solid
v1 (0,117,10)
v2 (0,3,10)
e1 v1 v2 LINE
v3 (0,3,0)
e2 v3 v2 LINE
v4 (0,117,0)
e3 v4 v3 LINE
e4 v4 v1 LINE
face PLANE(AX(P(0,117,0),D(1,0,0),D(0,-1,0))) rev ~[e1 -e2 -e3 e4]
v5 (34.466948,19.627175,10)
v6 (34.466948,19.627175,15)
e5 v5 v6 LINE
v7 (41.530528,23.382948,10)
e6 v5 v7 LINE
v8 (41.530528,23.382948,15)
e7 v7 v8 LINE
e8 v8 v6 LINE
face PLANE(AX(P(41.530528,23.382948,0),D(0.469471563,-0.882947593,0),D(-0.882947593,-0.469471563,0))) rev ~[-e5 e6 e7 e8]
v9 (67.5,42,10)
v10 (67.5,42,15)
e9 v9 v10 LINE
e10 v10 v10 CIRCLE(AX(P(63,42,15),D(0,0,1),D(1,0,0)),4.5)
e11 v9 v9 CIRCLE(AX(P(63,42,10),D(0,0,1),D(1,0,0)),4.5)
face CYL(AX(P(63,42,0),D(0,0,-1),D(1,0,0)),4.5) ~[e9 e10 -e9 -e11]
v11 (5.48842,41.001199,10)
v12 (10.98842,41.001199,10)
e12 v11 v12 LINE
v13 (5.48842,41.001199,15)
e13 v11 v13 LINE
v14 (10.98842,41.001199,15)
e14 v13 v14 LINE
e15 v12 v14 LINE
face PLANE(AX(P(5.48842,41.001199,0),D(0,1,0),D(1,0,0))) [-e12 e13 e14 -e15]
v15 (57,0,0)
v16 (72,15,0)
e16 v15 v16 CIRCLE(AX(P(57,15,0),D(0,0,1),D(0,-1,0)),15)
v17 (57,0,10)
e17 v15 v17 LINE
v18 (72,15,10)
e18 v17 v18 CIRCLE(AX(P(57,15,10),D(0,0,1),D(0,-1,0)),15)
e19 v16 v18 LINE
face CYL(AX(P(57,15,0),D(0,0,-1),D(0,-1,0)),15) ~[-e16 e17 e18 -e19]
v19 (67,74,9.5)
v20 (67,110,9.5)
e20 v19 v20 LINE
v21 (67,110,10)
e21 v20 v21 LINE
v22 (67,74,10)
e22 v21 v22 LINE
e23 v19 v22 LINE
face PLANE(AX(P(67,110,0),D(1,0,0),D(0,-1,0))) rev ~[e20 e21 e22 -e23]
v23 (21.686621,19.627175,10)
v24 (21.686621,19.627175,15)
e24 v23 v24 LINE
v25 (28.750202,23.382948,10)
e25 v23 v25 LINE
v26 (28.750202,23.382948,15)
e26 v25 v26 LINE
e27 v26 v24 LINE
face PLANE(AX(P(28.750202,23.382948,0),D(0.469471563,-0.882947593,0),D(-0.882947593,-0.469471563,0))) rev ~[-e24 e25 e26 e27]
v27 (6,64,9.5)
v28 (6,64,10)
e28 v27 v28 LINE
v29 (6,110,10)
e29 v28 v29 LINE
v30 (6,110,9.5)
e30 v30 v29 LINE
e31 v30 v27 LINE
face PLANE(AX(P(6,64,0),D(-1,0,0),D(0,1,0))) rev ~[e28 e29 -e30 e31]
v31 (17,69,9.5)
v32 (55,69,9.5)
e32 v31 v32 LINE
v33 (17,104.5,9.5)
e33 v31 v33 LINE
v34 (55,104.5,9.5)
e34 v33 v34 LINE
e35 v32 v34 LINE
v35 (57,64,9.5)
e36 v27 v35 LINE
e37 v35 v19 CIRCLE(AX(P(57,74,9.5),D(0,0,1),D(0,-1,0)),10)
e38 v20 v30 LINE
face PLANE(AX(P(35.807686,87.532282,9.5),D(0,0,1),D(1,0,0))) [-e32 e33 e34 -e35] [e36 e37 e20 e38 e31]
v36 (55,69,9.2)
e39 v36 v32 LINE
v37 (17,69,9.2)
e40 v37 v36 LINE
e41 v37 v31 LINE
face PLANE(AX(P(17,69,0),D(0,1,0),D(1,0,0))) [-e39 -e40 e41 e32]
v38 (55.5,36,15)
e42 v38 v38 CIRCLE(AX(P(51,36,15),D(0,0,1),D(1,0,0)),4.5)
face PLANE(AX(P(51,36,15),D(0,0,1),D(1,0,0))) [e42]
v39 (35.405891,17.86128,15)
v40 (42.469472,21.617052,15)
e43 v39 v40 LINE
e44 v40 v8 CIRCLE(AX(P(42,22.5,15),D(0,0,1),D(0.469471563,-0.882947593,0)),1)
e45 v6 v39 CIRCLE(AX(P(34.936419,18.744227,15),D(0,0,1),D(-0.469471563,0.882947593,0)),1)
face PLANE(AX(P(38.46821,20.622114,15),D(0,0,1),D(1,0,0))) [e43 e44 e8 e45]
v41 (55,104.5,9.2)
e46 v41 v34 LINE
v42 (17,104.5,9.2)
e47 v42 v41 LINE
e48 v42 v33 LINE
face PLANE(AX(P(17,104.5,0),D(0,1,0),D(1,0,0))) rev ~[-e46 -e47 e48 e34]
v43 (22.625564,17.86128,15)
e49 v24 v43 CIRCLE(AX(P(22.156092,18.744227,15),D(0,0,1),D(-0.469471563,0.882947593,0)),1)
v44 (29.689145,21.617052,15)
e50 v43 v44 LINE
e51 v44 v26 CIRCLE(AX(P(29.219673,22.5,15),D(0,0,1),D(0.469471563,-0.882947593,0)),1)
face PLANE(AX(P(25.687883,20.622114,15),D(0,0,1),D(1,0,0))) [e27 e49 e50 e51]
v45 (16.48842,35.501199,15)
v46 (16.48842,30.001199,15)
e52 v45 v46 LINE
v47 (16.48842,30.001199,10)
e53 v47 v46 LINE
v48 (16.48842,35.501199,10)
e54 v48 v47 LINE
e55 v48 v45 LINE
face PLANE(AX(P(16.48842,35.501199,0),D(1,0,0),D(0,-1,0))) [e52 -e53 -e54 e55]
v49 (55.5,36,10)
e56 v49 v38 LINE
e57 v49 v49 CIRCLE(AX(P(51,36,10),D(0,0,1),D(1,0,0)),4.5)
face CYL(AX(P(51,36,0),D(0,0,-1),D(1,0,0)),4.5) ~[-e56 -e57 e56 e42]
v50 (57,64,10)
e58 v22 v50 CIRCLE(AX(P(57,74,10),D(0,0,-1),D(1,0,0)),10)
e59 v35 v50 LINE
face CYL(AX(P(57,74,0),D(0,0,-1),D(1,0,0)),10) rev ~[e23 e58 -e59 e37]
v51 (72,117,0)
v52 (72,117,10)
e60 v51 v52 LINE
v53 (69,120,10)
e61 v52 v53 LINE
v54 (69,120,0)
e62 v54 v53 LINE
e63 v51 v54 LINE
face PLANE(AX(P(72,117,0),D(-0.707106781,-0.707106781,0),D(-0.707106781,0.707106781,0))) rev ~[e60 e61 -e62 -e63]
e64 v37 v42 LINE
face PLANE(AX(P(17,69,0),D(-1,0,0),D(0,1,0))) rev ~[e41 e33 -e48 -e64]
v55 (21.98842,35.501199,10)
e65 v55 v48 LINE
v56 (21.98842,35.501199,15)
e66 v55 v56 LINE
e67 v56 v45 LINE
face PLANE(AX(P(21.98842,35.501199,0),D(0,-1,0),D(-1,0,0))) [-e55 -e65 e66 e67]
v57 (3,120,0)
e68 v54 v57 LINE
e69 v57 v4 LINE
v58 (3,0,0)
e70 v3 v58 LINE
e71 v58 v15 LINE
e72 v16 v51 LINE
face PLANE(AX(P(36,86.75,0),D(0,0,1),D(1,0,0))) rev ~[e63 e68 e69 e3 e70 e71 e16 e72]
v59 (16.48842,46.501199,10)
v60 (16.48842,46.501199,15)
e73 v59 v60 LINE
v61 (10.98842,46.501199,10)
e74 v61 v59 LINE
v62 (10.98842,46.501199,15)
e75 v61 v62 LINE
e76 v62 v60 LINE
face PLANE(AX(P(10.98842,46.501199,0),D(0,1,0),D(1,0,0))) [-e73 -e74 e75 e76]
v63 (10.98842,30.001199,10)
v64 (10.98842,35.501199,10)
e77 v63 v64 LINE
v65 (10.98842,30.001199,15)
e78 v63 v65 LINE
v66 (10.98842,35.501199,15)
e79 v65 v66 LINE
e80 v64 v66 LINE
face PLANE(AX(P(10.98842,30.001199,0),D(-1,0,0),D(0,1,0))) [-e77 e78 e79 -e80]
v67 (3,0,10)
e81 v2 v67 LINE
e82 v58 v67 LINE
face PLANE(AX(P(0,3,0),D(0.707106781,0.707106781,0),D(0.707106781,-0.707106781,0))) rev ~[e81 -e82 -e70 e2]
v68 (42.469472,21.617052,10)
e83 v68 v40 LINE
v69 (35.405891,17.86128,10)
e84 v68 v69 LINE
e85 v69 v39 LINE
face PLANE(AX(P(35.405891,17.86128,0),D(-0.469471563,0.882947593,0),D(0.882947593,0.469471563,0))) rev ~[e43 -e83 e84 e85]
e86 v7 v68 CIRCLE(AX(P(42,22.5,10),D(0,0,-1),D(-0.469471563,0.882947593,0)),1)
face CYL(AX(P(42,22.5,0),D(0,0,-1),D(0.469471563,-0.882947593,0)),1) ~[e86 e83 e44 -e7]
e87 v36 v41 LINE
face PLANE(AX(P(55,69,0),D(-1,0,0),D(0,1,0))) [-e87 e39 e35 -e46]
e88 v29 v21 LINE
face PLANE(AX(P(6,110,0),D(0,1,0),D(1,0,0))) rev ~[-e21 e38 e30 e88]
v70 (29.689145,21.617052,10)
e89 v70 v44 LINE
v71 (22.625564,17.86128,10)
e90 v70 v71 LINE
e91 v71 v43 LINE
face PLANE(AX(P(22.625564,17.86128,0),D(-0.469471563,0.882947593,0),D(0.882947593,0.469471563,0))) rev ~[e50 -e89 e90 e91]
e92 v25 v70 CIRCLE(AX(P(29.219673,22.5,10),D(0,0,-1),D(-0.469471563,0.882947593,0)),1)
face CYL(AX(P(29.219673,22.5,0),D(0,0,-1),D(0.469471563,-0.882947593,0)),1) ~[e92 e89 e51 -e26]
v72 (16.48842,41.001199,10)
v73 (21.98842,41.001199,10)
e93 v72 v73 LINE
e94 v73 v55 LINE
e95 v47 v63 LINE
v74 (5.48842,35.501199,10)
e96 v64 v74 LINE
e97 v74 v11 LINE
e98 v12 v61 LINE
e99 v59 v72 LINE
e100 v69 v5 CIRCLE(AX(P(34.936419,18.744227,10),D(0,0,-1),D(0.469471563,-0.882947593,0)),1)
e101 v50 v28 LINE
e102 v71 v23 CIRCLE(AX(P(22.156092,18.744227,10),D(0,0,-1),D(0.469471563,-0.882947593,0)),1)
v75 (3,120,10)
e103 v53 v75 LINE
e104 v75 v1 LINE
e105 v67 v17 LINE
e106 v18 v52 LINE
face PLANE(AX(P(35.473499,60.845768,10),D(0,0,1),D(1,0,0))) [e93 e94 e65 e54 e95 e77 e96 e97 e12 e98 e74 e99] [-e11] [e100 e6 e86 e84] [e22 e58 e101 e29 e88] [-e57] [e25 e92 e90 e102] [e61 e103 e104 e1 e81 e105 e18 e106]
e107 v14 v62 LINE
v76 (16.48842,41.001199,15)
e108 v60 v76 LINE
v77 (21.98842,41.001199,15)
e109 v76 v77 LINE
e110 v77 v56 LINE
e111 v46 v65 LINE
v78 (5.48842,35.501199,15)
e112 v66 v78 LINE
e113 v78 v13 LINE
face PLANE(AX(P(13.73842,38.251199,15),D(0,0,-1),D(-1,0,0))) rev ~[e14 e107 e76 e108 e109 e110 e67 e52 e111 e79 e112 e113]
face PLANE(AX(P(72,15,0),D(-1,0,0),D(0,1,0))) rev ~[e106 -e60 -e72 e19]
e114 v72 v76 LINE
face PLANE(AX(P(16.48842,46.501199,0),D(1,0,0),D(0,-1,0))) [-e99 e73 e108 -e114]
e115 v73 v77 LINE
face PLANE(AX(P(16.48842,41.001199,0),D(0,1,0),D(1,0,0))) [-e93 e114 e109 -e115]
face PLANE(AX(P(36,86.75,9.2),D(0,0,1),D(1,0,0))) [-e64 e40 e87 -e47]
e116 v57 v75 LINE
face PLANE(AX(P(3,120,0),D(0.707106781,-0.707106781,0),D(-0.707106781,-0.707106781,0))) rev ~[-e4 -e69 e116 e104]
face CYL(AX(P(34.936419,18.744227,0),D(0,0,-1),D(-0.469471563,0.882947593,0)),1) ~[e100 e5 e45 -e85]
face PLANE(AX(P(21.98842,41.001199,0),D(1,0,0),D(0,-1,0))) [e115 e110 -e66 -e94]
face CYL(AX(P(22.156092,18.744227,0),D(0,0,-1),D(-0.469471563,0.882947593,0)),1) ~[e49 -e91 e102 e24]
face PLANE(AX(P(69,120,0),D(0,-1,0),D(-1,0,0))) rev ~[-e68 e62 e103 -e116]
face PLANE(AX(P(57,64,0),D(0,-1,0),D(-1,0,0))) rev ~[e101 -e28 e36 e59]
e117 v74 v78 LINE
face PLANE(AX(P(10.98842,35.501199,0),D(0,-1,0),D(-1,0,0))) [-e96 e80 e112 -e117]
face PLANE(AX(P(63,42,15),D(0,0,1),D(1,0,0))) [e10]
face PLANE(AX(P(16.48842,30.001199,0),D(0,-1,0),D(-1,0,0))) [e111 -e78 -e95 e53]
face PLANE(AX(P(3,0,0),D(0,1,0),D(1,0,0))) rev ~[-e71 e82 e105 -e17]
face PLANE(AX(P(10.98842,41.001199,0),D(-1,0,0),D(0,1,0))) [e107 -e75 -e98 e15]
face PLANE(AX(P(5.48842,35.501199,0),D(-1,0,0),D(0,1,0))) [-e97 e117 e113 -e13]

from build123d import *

# Parameters (mm, degrees)
SKETCH_1_R       = 4.5
EXTRUDE_10_DEPTH = 10
SKETCH_1_15_W    = 38
SKETCH_1_15_H    = 35.5
EXTRUDE_11_DEPTH = 9.5
SKETCH_1_16_W    = 38
SKETCH_1_16_H    = 35.5
EXTRUDE_12_DEPTH = 9.2
SKETCH_1_17_R    = 4.5
EXTRUDE_13_DEPTH = 15


with BuildPart() as part:
    # 草图1 → 凸台-拉伸10 (new body)
    with BuildSketch(Plane.XY):
        with BuildLine():
            Line((0, 117), (0, 3))
            Line((0, 3), (3, 0))
            Line((3, 0), (57, 0))
            ThreePointArc((57, 0), (67.606601718, 4.393398282), (72, 15))
            Line((72, 15), (72, 22.5))
            Line((72, 22.5), (72, 42))
            Line((72, 42), (72, 117))
            Line((72, 117), (69, 120))
            Line((69, 120), (3, 120))
            Line((3, 120), (0, 117))
        make_face()
        with BuildLine():
            ThreePointArc((22.625564011, 17.861279905), (21.273144855, 18.274755935), (21.686620885, 19.627175091))
            Line((21.686620885, 19.627175091), (28.750201628, 23.382947593))
            ThreePointArc((28.750201628, 23.382947593), (30.102620784, 22.969471563), (29.689144754, 21.617052407))
            Line((29.689144754, 21.617052407), (22.625564011, 17.861279905))
        make_face(mode=Mode.SUBTRACT)
        Polygon((10.9884201, 41.001199035), (10.9884201, 46.501199035), (16.4884201, 46.501199035), (16.4884201, 41.001199035), (21.9884201, 41.001199035), (21.9884201, 35.501199035), (16.4884201, 35.501199035), (16.4884201, 30.001199035), (10.9884201, 30.001199035), (10.9884201, 35.501199035), (5.4884201, 35.501199035), (5.4884201, 41.001199035), align=None, mode=Mode.SUBTRACT)
        with BuildLine():
            ThreePointArc((41.530528437, 23.382947593), (42.882947593, 22.969471563), (42.469471563, 21.617052407))
            Line((42.469471563, 21.617052407), (35.40589082, 17.861279905))
            ThreePointArc((35.40589082, 17.861279905), (34.053471664, 18.274755935), (34.466947694, 19.627175091))
            Line((34.466947694, 19.627175091), (41.530528437, 23.382947593))
        make_face(mode=Mode.SUBTRACT)
        with Locations((51, 36)):
            Circle(SKETCH_1_R, mode=Mode.SUBTRACT)
        with Locations((63, 42)):
            Circle(SKETCH_1_R, mode=Mode.SUBTRACT)
        with BuildLine():
            Line((6, 70.706412031), (6, 110))
            Line((6, 110), (67, 110))
            Line((67, 110), (67, 74))
            ThreePointArc((67, 74), (64.071067812, 66.928932188), (57, 64))
            Line((57, 64), (17, 64))
            Line((17, 64), (6, 64))
            Line((6, 64), (6, 70.706412031))
        make_face(mode=Mode.SUBTRACT)
    extrude(amount=EXTRUDE_10_DEPTH)

    # 草图1<15> → 凸台-拉伸11 (add)
    with BuildSketch(Plane.XY):
        with BuildLine():
            Line((67, 110), (6, 110))
            Line((6, 110), (6, 70.706412031))
            Line((6, 70.706412031), (6, 64))
            Line((6, 64), (17, 64))
            Line((17, 64), (57, 64))
            ThreePointArc((57, 64), (64.071067812, 66.928932188), (67, 74))
            Line((67, 74), (67, 110))
        make_face()
        with Locations((36, 86.75)):
            Rectangle(SKETCH_1_15_W, SKETCH_1_15_H, mode=Mode.SUBTRACT)
    extrude(amount=EXTRUDE_11_DEPTH)

    # 草图1<16> → 凸台-拉伸12 (add)
    with BuildSketch(Plane.XY):
        with Locations((36, 86.75)):
            Rectangle(SKETCH_1_16_W, SKETCH_1_16_H)
    extrude(amount=EXTRUDE_12_DEPTH)

    # 草图1<17> → 凸台-拉伸13 (add)
    with BuildSketch(Plane.XY):
        Polygon((16.4884201, 46.501199035), (10.9884201, 46.501199035), (10.9884201, 41.001199035), (5.4884201, 41.001199035), (5.4884201, 35.501199035), (10.9884201, 35.501199035), (10.9884201, 30.001199035), (16.4884201, 30.001199035), (16.4884201, 35.501199035), (21.9884201, 35.501199035), (21.9884201, 41.001199035), (16.4884201, 41.001199035), align=None)
        with BuildLine():
            Line((35.40589082, 17.861279905), (42.469471563, 21.617052407))
            ThreePointArc((42.469471563, 21.617052407), (42.882947593, 22.969471563), (41.530528437, 23.382947593))
            Line((41.530528437, 23.382947593), (34.466947694, 19.627175091))
            ThreePointArc((34.466947694, 19.627175091), (34.053471664, 18.274755935), (35.40589082, 17.861279905))
        make_face()
        with BuildLine():
            Line((28.750201628, 23.382947593), (21.686620885, 19.627175091))
            ThreePointArc((21.686620885, 19.627175091), (21.273144855, 18.274755935), (22.625564011, 17.861279905))
            Line((22.625564011, 17.861279905), (29.689144754, 21.617052407))
            ThreePointArc((29.689144754, 21.617052407), (30.102620784, 22.969471563), (28.750201628, 23.382947593))
        make_face()
        with Locations((63, 42)):
            Circle(SKETCH_1_17_R)
        with Locations((51, 36)):
            Circle(SKETCH_1_17_R)
    extrude(amount=EXTRUDE_13_DEPTH)


solid = part.part
